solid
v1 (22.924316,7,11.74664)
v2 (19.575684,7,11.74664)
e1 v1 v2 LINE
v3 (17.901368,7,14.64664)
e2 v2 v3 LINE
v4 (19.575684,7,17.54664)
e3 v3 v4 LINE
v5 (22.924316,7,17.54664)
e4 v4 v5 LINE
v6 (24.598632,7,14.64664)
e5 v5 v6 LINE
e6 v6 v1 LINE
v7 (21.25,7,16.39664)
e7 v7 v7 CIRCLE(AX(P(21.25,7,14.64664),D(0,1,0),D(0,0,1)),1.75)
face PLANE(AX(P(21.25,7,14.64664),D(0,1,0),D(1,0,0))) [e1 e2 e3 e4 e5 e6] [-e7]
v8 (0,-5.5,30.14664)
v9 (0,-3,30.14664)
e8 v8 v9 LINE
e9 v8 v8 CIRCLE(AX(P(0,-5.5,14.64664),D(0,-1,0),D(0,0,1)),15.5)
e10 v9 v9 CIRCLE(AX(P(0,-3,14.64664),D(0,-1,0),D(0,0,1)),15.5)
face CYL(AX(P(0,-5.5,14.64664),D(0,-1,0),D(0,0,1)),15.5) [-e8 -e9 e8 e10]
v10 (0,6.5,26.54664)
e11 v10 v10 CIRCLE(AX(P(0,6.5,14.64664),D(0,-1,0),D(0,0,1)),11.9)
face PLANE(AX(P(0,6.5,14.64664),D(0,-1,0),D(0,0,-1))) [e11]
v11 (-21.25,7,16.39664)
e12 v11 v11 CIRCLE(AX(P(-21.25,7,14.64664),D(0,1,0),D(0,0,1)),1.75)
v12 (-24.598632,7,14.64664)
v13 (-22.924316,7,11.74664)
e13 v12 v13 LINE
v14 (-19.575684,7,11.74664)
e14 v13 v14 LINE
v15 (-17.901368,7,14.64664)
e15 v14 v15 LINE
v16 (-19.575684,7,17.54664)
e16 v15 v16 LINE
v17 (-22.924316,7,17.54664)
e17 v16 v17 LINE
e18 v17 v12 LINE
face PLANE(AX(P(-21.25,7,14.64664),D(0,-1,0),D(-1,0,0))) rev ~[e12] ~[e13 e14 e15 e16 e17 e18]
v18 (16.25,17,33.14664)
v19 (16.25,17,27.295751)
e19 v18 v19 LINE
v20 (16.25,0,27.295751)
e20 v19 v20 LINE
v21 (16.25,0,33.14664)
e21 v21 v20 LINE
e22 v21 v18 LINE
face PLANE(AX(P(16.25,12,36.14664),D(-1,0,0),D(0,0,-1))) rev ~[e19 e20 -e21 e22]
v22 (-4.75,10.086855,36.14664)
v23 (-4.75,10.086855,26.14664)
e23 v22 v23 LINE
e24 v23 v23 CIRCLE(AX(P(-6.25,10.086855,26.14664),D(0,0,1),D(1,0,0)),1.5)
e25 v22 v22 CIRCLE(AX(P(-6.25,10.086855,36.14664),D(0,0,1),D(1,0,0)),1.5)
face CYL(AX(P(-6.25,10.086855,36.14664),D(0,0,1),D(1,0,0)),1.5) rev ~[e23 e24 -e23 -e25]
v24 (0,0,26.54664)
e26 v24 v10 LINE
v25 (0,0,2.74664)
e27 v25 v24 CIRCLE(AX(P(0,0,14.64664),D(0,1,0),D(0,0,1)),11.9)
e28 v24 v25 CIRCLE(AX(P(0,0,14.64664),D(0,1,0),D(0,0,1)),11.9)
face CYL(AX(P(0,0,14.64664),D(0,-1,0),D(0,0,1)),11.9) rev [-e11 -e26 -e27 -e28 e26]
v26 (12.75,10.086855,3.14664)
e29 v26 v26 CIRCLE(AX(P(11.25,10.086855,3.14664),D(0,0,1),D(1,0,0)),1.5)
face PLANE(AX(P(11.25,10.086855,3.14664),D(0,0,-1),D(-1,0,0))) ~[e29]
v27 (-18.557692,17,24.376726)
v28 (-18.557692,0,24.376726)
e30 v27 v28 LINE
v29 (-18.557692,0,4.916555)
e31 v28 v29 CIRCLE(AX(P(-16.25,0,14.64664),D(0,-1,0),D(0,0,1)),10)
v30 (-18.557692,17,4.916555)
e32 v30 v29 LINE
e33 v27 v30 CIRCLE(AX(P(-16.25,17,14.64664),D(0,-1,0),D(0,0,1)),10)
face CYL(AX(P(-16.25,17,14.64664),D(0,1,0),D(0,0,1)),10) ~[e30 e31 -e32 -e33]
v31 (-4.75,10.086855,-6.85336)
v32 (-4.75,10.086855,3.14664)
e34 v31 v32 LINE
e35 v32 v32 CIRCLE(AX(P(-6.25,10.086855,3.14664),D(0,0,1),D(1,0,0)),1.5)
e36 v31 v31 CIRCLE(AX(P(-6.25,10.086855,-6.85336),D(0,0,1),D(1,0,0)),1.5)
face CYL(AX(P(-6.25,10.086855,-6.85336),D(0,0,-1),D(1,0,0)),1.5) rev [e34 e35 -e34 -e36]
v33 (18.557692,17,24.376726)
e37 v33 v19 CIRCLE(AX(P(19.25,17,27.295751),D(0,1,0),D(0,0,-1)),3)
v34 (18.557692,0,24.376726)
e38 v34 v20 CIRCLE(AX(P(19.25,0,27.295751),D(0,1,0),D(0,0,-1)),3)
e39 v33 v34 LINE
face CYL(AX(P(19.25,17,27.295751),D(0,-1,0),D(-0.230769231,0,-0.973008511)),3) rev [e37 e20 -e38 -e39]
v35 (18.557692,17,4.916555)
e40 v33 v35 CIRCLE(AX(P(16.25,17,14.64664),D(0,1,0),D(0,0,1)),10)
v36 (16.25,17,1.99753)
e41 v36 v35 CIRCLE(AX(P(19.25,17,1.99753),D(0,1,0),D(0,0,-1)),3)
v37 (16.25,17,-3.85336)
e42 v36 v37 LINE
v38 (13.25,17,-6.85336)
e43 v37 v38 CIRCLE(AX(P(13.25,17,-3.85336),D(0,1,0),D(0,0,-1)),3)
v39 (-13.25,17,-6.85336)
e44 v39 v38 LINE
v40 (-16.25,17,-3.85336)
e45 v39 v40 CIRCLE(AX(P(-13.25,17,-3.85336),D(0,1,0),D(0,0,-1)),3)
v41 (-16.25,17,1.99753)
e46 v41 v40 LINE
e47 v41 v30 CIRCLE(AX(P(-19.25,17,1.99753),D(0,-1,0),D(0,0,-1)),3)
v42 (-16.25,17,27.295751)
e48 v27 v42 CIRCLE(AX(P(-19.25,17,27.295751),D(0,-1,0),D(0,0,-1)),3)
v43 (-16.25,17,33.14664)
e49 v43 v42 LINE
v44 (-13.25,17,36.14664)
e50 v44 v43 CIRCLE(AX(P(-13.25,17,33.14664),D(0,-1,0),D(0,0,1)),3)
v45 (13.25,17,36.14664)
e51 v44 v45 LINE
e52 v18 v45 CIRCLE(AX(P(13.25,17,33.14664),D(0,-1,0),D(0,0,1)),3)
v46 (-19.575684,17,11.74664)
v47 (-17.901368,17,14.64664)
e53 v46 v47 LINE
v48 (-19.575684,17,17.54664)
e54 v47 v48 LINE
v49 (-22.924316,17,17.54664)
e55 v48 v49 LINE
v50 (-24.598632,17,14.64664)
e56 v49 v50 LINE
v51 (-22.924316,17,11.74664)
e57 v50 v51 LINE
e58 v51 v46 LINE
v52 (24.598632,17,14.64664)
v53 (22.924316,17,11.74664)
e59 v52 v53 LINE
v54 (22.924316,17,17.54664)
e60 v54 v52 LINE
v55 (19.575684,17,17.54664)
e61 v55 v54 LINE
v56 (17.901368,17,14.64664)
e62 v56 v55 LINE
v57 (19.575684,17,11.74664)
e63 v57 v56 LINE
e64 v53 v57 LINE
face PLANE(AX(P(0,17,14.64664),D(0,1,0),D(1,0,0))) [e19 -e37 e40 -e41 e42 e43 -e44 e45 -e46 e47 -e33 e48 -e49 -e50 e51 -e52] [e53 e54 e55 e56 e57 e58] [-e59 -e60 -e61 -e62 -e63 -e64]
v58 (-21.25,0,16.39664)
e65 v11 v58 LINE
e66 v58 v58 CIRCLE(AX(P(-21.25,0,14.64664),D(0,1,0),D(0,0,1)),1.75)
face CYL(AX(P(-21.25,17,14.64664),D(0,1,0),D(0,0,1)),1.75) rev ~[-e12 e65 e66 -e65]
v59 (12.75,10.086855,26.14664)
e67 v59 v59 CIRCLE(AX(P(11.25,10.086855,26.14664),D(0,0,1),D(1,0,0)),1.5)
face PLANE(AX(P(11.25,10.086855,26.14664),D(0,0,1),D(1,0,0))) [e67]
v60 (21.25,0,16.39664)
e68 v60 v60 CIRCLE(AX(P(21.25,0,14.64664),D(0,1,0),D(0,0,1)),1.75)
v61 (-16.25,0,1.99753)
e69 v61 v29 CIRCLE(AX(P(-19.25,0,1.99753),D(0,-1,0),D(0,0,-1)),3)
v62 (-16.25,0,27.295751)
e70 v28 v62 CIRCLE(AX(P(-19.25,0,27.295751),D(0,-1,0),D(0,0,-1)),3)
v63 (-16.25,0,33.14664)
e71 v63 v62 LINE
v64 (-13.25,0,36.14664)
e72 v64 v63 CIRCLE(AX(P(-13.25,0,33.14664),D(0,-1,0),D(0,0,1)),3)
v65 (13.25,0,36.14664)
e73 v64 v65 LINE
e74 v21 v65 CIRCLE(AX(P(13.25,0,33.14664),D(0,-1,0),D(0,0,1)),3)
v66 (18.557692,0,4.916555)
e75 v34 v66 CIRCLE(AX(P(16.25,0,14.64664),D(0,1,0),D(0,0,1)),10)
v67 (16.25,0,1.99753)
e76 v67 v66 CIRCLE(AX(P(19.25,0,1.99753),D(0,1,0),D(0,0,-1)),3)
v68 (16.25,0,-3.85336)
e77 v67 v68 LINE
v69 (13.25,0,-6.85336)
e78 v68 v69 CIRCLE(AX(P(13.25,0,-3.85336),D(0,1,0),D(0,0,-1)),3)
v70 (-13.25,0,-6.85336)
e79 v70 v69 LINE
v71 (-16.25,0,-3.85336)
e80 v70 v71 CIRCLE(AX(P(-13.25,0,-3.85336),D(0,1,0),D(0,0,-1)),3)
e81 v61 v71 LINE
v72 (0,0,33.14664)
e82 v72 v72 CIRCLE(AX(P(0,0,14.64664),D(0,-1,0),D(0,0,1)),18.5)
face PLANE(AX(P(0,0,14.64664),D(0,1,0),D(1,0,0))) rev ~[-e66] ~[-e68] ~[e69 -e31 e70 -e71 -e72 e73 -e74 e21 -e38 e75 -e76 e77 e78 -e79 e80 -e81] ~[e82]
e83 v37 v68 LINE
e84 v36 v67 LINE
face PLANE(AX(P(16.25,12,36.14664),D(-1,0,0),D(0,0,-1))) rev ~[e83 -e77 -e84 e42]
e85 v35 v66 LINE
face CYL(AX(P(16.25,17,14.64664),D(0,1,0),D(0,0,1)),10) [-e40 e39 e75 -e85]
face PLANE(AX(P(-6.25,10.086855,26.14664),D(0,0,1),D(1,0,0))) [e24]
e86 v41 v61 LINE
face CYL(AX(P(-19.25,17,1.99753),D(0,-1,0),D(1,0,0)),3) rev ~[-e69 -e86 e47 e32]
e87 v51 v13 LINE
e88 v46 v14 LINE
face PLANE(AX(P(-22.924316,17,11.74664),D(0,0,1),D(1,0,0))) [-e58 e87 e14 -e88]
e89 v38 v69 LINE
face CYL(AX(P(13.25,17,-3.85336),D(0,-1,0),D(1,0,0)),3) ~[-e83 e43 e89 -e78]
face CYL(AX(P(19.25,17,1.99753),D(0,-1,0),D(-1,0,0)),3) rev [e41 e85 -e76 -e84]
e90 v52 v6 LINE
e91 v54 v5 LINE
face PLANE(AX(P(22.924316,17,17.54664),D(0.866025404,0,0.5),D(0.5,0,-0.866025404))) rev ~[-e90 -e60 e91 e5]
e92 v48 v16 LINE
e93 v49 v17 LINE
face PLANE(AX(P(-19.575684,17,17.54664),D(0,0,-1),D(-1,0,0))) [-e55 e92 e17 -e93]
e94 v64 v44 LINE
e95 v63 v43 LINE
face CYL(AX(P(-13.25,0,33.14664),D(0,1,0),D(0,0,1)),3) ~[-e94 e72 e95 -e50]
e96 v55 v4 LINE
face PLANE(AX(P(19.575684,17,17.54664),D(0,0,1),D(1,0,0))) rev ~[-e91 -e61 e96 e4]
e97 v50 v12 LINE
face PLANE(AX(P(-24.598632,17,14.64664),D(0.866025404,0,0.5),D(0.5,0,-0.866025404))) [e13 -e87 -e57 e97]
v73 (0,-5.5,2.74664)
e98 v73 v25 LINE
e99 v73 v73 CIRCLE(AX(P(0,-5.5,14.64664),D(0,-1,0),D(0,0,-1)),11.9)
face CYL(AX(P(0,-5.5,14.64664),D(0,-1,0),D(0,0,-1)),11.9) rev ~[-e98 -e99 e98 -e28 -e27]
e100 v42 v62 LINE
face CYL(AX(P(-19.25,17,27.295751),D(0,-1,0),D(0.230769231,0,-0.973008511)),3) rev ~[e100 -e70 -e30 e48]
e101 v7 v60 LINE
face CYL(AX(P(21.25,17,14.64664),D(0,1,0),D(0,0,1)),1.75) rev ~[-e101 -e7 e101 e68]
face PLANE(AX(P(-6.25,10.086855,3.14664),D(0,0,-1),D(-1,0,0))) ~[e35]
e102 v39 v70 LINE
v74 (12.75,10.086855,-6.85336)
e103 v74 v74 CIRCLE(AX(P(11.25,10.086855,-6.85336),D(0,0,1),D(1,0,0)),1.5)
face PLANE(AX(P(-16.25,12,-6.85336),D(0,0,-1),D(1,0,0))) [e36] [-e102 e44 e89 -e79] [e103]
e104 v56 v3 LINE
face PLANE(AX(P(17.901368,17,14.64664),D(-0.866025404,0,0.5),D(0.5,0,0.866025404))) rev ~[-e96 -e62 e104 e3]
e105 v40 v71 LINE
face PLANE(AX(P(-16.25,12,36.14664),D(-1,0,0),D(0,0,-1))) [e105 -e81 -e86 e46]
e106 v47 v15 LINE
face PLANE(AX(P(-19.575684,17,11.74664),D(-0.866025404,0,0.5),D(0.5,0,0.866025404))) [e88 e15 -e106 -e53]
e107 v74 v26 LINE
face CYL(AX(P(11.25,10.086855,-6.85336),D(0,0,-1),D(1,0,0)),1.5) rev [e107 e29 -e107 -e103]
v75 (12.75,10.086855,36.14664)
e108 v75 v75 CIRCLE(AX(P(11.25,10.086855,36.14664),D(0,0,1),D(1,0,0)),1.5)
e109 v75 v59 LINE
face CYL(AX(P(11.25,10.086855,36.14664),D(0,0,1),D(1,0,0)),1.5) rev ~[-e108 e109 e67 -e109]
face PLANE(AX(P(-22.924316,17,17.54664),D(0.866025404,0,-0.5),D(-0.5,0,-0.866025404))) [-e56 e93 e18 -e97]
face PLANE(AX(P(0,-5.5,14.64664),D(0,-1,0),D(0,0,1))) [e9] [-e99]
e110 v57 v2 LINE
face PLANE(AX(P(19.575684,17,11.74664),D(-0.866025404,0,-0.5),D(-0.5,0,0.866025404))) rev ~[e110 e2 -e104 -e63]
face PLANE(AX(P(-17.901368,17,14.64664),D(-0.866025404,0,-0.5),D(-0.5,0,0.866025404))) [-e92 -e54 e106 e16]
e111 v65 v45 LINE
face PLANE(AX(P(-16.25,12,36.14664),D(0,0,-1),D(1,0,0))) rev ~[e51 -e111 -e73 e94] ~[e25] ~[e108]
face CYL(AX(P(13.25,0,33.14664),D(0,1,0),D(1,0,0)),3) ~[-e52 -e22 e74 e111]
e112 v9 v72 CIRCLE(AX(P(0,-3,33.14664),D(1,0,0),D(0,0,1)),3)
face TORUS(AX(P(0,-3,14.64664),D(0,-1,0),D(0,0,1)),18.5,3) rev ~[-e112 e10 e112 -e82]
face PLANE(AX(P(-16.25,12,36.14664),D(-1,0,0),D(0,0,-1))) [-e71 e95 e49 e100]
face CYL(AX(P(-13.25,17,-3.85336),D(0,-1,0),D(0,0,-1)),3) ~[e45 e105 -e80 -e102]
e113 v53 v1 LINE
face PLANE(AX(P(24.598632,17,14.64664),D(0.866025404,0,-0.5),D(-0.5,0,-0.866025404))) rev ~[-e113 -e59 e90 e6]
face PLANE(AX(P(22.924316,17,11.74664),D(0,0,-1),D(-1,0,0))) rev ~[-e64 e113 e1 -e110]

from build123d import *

# Parameters (mm, degrees)
ESQUISSE1_W         = 32.5
ESQUISSE1_H         = 43
ESQUISSE1_R         = 11.9
BOSS_EXTRU_1_DEPTH  = 12
SKETCH2_W           = 32.5
SKETCH2_H           = 43
BOSS_EXTRUDE1_DEPTH = 5
SKETCH3_R           = 1.5
CUT_EXTRUDE2_DEPTH  = 10
BOSS_EXTRUDE2_DEPTH = 17
SKETCH5_R           = 1.75
CUT_EXTRUDE3_DEPTH  = 48.797930062
SKETCH5_3_R         = 1.75
CUT_EXTRUDE4_DEPTH  = 10
BOSS_EXTRUDE3_START = 5.5
SKETCH6_R           = 11.9
BOSS_EXTRUDE3_DEPTH = 5.5
FILLET1_R           = 3
BOSS_EXTRUDE4_START = 5.5
SKETCH7_R           = 15.5
SKETCH7_R_2         = 11.9
BOSS_EXTRUDE4_DEPTH = 5.5
FILLET2_R           = 3


with BuildPart() as part:
    # Esquisse1 → Boss.-Extru.1 (new body)
    with BuildSketch(Plane(origin=(0, 0, 0), x_dir=(1, 0, 0), z_dir=(0, 1, 0))):
        with Locations((0, -14.646640483)):
            Rectangle(ESQUISSE1_W, ESQUISSE1_H)
        with Locations(Location((0, -14.646640483, 0), (0, 0, 270))):
            Circle(ESQUISSE1_R, mode=Mode.SUBTRACT)
    extrude(amount=BOSS_EXTRU_1_DEPTH)

    # Sketch2 → Boss-Extrude1 (add)
    with BuildSketch(Plane(origin=(0, 12, 0), x_dir=(1, 0, 0), z_dir=(0, 1, 0))):
        with Locations((0, -14.646640483)):
            Rectangle(SKETCH2_W, SKETCH2_H)
    extrude(amount=BOSS_EXTRUDE1_DEPTH)

    # Sketch3 → Cut-Extrude2 (cut)
    with BuildSketch(Plane.XY.offset(36.146640483)):
        with Locations((11.25, 10.086854916)):
            Circle(SKETCH3_R)
        with Locations((-6.25, 10.086854916)):
            Circle(SKETCH3_R)
    cut_extrude2 = extrude(amount=-CUT_EXTRUDE2_DEPTH, mode=Mode.SUBTRACT)

    # Mirror1: Cut-Extrude2 across plane
    add(cut_extrude2.mirror(Plane.XY.offset(14.646640483)), mode=Mode.SUBTRACT)

    # Sketch4 → Boss-Extrude2 (add)
    with BuildSketch(Plane(origin=(0, 17, 0), x_dir=(1, 0, 0), z_dir=(0, 1, 0))):
        with BuildLine():
            Line((16.25, -4.646640483), (16.25, -24.646640483))
            ThreePointArc((16.25, -24.646640483), (26.25, -14.646640483), (16.25, -4.646640483))
        make_face()
        with BuildLine():
            Line((-16.25, -4.646640483), (-16.25, -24.646640483))
            ThreePointArc((-16.25, -24.646640483), (-26.25, -14.646640483), (-16.25, -4.646640483))
        make_face()
    extrude(amount=-BOSS_EXTRUDE2_DEPTH)

    # Sketch5 → Cut-Extrude3 (cut, through all)
    with BuildSketch(Plane(origin=(0, 17, 0), x_dir=(1, 0, 0), z_dir=(0, 1, 0))):
        with Locations(Location((-21.25, -14.646640483, 0), (0, 0, 270))):
            Circle(SKETCH5_R)
        with Locations(Location((21.25, -14.646640483, 0), (0, 0, 270))):
            Circle(SKETCH5_R)
    extrude(amount=-CUT_EXTRUDE3_DEPTH, mode=Mode.SUBTRACT)

    # Sketch5<3> → Cut-Extrude4 (cut)
    # profile 1 of 2: a face of its own
    with BuildSketch(Plane(origin=(0, 17, 0), x_dir=(1, 0, 0), z_dir=(0, 1, 0))):
        Polygon((22.924315781, -17.546640483), (24.598631561, -14.646640483), (22.924315781, -11.746640483), (19.575684219, -11.746640483), (17.901368439, -14.646640483), (19.575684219, -17.546640483), align=None)
        with Locations(Location((21.25, -14.646640483, 0), (0, 0, 270))):
            Circle(SKETCH5_3_R, mode=Mode.SUBTRACT)
    # profile 2 of 2: a face of its own
    with BuildSketch(Plane(origin=(0, 17, 0), x_dir=(1, 0, 0), z_dir=(0, 1, 0))):
        Polygon((-19.575684219, -17.546640483), (-22.924315781, -17.546640483), (-24.598631561, -14.646640483), (-22.924315781, -11.746640483), (-19.575684219, -11.746640483), (-17.901368439, -14.646640483), align=None)
        with Locations(Location((-21.25, -14.646640483, 0), (0, 0, 270))):
            Circle(SKETCH5_3_R, mode=Mode.SUBTRACT)
    extrude(amount=-CUT_EXTRUDE4_DEPTH, mode=Mode.SUBTRACT)

    # Sketch6 → Boss-Extrude3 (add)
    with BuildSketch(Plane.XZ.offset(-12).offset(BOSS_EXTRUDE3_START)):
        with Locations(Location((0, 14.646640483, 0), (0, 0, 270))):
            Circle(SKETCH6_R)
    extrude(amount=-BOSS_EXTRUDE3_DEPTH)

    # Fillet1
    fillet1_edges = [part.edges().sort_by_distance(p)[0] for p in [
        (16.25, 8.5, 4.646640483),
        (16.25, 8.5, 24.646640483),
        (-16.25, 8.5, 24.646640483),
        (-16.25, 8.5, 4.646640483),
        (16.25, 8.5, 36.146640483),
        (-16.25, 8.5, 36.146640483),
        (-16.25, 8.5, -6.853359517),
        (16.25, 8.5, -6.853359517),
    ]]
    fillet(fillet1_edges, radius=FILLET1_R)

    # Sketch7 → Boss-Extrude4 (add)
    with BuildSketch(Plane.XZ.offset(BOSS_EXTRUDE4_START)):
        with Locations(Location((0, 14.646640483, 0), (0, 0, 90))):
            Circle(SKETCH7_R)
        with Locations(Location((0, 14.646640483, 0), (0, 0, 270))):
            Circle(SKETCH7_R_2, mode=Mode.SUBTRACT)
    extrude(amount=-BOSS_EXTRUDE4_DEPTH)

    # Fillet2
    fillet2_edges = [part.edges().sort_by_distance(p)[0] for p in [
        (0, 0, -0.853359517),
    ]]
    fillet(fillet2_edges, radius=FILLET2_R)


solid = part.part
